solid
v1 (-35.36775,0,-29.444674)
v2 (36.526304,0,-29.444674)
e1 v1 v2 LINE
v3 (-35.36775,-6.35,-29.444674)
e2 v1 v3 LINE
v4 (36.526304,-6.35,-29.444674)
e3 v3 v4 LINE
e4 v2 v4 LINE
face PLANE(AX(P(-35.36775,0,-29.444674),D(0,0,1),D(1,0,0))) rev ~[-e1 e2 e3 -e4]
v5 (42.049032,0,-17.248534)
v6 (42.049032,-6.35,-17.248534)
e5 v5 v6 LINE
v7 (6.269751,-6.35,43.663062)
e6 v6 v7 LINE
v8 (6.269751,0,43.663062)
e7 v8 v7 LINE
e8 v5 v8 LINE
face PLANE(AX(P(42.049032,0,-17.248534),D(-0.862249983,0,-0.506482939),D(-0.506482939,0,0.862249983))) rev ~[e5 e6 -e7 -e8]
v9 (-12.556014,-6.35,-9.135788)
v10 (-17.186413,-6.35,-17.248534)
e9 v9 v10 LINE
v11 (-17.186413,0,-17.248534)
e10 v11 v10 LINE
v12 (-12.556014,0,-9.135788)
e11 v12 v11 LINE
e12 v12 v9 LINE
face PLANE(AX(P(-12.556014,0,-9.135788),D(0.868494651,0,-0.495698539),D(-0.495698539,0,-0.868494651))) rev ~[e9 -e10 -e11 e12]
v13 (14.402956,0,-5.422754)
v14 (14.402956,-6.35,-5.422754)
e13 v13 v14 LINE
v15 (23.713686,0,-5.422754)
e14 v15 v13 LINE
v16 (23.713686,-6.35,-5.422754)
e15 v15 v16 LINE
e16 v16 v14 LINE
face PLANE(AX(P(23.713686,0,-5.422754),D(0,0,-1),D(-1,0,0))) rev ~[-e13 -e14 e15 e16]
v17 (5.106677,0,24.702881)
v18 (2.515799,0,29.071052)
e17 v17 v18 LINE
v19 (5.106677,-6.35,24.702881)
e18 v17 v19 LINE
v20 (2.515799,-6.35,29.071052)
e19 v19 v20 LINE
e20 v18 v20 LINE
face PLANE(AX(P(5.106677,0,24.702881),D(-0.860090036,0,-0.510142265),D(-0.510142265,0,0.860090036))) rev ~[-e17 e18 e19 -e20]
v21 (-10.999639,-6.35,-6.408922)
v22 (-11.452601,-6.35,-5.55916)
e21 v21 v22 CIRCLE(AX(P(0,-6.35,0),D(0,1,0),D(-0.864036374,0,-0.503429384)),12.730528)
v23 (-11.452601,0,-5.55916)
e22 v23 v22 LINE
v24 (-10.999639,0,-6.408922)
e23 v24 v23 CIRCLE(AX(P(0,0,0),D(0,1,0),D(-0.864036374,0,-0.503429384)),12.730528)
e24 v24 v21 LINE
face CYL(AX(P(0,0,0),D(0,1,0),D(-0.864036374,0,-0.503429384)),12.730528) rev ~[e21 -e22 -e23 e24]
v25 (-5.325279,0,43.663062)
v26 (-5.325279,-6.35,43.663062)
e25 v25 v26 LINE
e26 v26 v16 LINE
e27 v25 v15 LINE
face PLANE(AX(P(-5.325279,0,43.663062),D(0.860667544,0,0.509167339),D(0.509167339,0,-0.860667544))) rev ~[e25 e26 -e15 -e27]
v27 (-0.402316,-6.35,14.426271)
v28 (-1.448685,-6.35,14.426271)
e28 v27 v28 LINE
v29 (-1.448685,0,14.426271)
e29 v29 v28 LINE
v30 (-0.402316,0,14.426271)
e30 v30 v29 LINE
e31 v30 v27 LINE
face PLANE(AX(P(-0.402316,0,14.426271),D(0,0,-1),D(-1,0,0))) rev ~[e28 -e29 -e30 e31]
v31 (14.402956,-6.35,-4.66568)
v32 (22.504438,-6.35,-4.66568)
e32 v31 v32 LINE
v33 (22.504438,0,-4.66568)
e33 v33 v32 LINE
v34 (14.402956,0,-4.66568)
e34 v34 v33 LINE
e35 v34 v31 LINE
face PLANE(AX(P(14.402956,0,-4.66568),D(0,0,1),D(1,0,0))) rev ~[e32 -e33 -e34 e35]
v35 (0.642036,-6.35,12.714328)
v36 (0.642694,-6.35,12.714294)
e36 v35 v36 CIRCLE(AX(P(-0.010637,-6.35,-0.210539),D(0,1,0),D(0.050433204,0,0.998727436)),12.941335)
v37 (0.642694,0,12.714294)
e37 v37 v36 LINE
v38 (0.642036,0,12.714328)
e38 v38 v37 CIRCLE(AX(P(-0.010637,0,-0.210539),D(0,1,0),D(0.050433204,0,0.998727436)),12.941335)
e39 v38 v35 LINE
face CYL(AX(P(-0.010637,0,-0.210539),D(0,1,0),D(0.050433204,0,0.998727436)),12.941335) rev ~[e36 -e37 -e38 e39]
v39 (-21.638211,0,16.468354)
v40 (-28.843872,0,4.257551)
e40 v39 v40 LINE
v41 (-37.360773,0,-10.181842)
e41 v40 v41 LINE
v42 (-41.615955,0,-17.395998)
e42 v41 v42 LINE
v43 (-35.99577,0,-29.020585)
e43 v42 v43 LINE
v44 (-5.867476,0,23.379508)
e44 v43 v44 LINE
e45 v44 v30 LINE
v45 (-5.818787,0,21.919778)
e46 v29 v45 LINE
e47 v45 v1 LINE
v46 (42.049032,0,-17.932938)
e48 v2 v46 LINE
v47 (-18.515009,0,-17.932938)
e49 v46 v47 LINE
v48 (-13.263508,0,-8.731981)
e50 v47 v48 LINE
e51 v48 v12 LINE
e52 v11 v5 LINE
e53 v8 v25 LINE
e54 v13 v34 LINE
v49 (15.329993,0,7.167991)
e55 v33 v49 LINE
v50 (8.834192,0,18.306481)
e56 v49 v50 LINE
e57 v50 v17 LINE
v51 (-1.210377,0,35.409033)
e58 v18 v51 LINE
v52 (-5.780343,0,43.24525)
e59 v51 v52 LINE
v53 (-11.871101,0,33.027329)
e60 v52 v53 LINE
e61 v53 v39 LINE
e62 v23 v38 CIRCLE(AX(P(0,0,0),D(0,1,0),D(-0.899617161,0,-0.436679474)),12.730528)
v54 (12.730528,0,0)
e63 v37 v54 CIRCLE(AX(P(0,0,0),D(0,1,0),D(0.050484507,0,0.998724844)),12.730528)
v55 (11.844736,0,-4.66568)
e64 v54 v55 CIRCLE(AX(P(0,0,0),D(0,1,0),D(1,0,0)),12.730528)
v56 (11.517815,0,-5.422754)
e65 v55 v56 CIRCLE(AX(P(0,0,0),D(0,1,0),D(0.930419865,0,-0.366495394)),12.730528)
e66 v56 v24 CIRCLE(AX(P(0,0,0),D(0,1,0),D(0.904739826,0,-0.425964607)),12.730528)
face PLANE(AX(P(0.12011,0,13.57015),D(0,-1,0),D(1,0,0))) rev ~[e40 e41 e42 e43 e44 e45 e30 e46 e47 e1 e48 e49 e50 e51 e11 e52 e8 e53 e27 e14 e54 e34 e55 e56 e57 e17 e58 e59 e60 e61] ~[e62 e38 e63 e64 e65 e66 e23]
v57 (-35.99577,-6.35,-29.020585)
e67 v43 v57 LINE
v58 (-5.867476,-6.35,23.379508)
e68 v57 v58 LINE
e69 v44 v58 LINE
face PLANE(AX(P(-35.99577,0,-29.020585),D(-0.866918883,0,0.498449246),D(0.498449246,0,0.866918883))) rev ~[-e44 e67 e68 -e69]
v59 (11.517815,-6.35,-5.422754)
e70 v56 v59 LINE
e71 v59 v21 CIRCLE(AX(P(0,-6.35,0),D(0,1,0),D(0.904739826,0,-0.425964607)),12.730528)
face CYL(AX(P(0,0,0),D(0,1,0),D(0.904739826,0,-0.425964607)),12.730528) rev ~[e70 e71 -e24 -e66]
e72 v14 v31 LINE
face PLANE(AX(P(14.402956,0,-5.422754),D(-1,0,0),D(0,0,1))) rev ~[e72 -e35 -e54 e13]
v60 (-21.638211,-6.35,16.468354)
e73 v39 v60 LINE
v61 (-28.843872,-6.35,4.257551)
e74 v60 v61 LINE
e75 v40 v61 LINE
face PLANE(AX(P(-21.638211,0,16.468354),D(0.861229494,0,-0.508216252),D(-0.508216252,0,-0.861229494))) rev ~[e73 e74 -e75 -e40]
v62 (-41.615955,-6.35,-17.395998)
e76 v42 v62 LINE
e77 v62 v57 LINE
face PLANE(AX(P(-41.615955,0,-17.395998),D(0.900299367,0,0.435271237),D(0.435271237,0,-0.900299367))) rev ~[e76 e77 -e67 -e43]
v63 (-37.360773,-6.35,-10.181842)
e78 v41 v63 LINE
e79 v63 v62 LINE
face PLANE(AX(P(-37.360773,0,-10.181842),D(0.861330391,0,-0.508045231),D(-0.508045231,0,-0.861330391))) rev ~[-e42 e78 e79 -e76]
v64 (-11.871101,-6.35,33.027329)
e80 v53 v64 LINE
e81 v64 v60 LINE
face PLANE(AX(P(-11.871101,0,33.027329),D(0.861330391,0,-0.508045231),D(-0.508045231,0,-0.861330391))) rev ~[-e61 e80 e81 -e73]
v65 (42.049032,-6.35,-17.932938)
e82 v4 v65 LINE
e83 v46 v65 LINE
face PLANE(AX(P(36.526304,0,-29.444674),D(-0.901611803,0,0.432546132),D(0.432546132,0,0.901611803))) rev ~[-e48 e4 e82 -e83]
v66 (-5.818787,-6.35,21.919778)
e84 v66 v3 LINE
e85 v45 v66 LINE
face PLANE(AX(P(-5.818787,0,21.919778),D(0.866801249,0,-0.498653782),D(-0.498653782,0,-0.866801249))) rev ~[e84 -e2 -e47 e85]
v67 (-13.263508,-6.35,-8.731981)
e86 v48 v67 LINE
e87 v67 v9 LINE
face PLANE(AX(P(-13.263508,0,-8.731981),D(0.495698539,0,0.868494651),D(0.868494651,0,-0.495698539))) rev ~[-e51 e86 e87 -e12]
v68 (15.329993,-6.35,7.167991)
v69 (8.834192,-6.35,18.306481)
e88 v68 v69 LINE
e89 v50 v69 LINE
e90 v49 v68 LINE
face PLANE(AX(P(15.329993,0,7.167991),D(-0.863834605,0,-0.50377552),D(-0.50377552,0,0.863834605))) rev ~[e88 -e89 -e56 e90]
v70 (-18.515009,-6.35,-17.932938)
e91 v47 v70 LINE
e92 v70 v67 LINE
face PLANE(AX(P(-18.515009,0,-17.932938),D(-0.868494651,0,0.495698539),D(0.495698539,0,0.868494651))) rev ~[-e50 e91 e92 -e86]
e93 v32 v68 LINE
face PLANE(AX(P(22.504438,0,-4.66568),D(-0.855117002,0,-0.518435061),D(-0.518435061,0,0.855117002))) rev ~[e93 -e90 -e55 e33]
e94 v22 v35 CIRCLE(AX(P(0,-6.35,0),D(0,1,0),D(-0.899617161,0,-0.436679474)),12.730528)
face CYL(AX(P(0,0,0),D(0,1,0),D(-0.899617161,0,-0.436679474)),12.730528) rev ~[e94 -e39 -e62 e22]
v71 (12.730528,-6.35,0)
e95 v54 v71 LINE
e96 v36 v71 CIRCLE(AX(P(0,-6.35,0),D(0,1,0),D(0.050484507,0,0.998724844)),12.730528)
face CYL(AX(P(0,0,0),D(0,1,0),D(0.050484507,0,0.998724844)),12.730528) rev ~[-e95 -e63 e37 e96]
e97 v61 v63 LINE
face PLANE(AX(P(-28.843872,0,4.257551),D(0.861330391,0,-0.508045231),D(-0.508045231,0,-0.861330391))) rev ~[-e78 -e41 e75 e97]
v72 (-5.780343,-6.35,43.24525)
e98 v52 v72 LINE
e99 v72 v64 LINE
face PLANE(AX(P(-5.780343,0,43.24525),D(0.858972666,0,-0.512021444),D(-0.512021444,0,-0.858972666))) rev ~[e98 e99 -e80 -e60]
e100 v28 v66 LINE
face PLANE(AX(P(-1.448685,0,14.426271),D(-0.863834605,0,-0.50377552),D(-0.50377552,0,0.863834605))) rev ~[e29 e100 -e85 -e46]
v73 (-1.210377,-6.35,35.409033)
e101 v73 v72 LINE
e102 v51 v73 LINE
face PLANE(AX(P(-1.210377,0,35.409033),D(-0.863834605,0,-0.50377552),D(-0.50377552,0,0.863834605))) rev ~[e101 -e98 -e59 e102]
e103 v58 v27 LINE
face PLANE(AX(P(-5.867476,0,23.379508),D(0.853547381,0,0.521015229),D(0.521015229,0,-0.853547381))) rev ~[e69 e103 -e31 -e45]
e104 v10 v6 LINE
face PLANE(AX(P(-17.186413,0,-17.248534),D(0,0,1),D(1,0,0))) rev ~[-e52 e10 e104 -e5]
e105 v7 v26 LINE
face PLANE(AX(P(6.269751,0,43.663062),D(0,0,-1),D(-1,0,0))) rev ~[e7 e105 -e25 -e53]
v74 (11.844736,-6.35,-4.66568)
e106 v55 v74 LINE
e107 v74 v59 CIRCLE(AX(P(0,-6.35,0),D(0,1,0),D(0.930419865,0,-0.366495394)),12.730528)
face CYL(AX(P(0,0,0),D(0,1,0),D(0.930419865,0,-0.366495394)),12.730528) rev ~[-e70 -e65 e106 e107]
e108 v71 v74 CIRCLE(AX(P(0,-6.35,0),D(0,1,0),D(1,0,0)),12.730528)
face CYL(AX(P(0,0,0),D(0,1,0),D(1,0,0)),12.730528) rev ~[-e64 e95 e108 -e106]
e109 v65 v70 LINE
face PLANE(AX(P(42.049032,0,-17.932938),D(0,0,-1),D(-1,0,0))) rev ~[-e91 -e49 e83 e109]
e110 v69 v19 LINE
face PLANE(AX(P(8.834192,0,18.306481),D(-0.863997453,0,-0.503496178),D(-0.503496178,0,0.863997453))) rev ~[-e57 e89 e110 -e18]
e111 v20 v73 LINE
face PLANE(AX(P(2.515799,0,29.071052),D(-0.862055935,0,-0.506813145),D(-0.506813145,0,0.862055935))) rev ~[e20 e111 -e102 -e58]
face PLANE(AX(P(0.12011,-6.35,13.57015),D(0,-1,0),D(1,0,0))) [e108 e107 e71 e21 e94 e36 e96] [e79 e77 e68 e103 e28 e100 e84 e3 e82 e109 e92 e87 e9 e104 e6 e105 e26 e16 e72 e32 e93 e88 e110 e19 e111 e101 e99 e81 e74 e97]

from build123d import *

# Parameters (mm, degrees)
F1_DEPTH = 6.35


with BuildPart() as f1:
    # F0 (on Front) → F1 (new body)
    with BuildSketch(Plane.XZ):
        with BuildLine():
            ThreePointArc((0.6420356595, 12.7143275372), (0.6423650343, 12.7143109004), (0.6426944088, 12.7142942552))
            Line((0.6426944088, 12.7142942552), (-0.4023160921, 14.4262710383))
            Line((-0.4023160921, 14.4262710383), (0.6420356595, 12.7143275372))
        make_face()
        with BuildLine():
            Line((-0.4023160921, 14.4262710383), (0.6426944088, 12.7142942552))
            ThreePointArc((0.6426944088, 12.7142942552), (9.2262715508, 8.7716730321), (12.7305276603, 0))
            ThreePointArc((12.7305276603, 0), (12.5071194057, -2.3745101985), (11.8447358325, -4.6656797543))
            Line((11.8447358325, -4.6656797543), (14.4029557705, -4.6656797543))
            Line((14.4029557705, -4.6656797543), (22.5044383929, -4.6656797543))
            Line((22.5044383929, -4.6656797543), (15.3299933299, 7.1679912508))
            Line((15.3299933299, 7.1679912508), (8.834191598, 18.3064807206))
            Line((8.834191598, 18.3064807206), (5.1066773012, 24.7028805315))
            Line((5.1066773012, 24.7028805315), (2.5157989003, 29.0710516274))
            Line((2.5157989003, 29.0710516274), (-1.2103774352, 35.4090332985))
            Line((-1.2103774352, 35.4090332985), (-5.780342864, 43.2452502747))
            Line((-5.780342864, 43.2452502747), (-11.8711013347, 33.0273285508))
            Line((-11.8711013347, 33.0273285508), (-21.6382108629, 16.4683535695))
            Line((-21.6382108629, 16.4683535695), (-28.8438722491, 4.2575513944))
            Line((-28.8438722491, 4.2575513944), (-37.3607726563, -10.1818424051))
            Line((-37.3607726563, -10.1818424051), (-41.6159545072, -17.3959982008))
            Line((-41.6159545072, -17.3959982008), (-35.9957702458, -29.0205851197))
            Line((-35.9957702458, -29.0205851197), (-5.8674761094, 23.3795084059))
            Line((-5.8674761094, 23.3795084059), (-0.4023160921, 14.4262710383))
        make_face()
        with BuildLine():
            ThreePointArc((-0.4550087817, 12.7223937024), (0.0936003687, 12.7301835604), (0.6420356595, 12.7143275372))
            Line((0.6420356595, 12.7143275372), (-0.4023160921, 14.4262710383))
            Line((-0.4023160921, 14.4262710383), (-1.4486847535, 14.4262710383))
            Line((-1.4486847535, 14.4262710383), (-0.4550087817, 12.7223937024))
        make_face()
        with BuildLine():
            Line((14.4029557705, -4.6656797543), (11.8447358325, -4.6656797543))
            ThreePointArc((11.8447358325, -4.6656797543), (11.6874073381, -5.0468647915), (11.5178153855, -5.4227542132))
            Line((11.5178153855, -5.4227542132), (14.4029557705, -5.4227542132))
            Line((14.4029557705, -5.4227542132), (14.4029557705, -4.6656797543))
        make_face()
        with BuildLine():
            ThreePointArc((-11.4526011537, -5.5591601277), (-10.9087852763, 6.5623729174), (-0.4550087817, 12.7223937024))
            Line((-0.4550087817, 12.7223937024), (-1.4486847535, 14.4262710383))
            Line((-1.4486847535, 14.4262710383), (-5.8187865652, 21.9197776169))
            Line((-5.8187865652, 21.9197776169), (-35.3677496314, -29.4446740299))
            Line((-35.3677496314, -29.4446740299), (36.5263037384, -29.4446740299))
            Line((36.5263037384, -29.4446740299), (42.0490317047, -17.9329384118))
            Line((42.0490317047, -17.9329384118), (-18.515009433, -17.9329384118))
            Line((-18.515009433, -17.9329384118), (-13.2635079075, -8.731981321))
            Line((-13.2635079075, -8.731981321), (-11.4526011537, -5.5591601277))
        make_face()
        with BuildLine():
            Line((14.4029557705, -5.4227542132), (11.5178153855, -5.4227542132))
            ThreePointArc((11.5178153855, -5.4227542132), (0.5570083344, -12.7183362208), (-10.9996389525, -6.4089217053))
            Line((-10.9996389525, -6.4089217053), (-12.5560140818, -9.1357876716))
            Line((-12.5560140818, -9.1357876716), (-17.1864125878, -17.2485336661))
            Line((-17.1864125878, -17.2485336661), (42.0490317047, -17.2485336661))
            Line((42.0490317047, -17.2485336661), (6.2697511166, 43.6630621552))
            Line((6.2697511166, 43.6630621552), (-5.3252791986, 43.6630621552))
            Line((-5.3252791986, 43.6630621552), (23.7136855721, -5.4227542132))
            Line((23.7136855721, -5.4227542132), (14.4029557705, -5.4227542132))
        make_face()
        with BuildLine():
            ThreePointArc((-10.9996389525, -6.4089217053), (-11.2341575176, -5.9883252566), (-11.4526011537, -5.5591601277))
            Line((-11.4526011537, -5.5591601277), (-13.2635079075, -8.731981321))
            Line((-13.2635079075, -8.731981321), (-12.5560140818, -9.1357876716))
            Line((-12.5560140818, -9.1357876716), (-10.9996389525, -6.4089217053))
        make_face()
    extrude(amount=F1_DEPTH)


solid = f1.part
